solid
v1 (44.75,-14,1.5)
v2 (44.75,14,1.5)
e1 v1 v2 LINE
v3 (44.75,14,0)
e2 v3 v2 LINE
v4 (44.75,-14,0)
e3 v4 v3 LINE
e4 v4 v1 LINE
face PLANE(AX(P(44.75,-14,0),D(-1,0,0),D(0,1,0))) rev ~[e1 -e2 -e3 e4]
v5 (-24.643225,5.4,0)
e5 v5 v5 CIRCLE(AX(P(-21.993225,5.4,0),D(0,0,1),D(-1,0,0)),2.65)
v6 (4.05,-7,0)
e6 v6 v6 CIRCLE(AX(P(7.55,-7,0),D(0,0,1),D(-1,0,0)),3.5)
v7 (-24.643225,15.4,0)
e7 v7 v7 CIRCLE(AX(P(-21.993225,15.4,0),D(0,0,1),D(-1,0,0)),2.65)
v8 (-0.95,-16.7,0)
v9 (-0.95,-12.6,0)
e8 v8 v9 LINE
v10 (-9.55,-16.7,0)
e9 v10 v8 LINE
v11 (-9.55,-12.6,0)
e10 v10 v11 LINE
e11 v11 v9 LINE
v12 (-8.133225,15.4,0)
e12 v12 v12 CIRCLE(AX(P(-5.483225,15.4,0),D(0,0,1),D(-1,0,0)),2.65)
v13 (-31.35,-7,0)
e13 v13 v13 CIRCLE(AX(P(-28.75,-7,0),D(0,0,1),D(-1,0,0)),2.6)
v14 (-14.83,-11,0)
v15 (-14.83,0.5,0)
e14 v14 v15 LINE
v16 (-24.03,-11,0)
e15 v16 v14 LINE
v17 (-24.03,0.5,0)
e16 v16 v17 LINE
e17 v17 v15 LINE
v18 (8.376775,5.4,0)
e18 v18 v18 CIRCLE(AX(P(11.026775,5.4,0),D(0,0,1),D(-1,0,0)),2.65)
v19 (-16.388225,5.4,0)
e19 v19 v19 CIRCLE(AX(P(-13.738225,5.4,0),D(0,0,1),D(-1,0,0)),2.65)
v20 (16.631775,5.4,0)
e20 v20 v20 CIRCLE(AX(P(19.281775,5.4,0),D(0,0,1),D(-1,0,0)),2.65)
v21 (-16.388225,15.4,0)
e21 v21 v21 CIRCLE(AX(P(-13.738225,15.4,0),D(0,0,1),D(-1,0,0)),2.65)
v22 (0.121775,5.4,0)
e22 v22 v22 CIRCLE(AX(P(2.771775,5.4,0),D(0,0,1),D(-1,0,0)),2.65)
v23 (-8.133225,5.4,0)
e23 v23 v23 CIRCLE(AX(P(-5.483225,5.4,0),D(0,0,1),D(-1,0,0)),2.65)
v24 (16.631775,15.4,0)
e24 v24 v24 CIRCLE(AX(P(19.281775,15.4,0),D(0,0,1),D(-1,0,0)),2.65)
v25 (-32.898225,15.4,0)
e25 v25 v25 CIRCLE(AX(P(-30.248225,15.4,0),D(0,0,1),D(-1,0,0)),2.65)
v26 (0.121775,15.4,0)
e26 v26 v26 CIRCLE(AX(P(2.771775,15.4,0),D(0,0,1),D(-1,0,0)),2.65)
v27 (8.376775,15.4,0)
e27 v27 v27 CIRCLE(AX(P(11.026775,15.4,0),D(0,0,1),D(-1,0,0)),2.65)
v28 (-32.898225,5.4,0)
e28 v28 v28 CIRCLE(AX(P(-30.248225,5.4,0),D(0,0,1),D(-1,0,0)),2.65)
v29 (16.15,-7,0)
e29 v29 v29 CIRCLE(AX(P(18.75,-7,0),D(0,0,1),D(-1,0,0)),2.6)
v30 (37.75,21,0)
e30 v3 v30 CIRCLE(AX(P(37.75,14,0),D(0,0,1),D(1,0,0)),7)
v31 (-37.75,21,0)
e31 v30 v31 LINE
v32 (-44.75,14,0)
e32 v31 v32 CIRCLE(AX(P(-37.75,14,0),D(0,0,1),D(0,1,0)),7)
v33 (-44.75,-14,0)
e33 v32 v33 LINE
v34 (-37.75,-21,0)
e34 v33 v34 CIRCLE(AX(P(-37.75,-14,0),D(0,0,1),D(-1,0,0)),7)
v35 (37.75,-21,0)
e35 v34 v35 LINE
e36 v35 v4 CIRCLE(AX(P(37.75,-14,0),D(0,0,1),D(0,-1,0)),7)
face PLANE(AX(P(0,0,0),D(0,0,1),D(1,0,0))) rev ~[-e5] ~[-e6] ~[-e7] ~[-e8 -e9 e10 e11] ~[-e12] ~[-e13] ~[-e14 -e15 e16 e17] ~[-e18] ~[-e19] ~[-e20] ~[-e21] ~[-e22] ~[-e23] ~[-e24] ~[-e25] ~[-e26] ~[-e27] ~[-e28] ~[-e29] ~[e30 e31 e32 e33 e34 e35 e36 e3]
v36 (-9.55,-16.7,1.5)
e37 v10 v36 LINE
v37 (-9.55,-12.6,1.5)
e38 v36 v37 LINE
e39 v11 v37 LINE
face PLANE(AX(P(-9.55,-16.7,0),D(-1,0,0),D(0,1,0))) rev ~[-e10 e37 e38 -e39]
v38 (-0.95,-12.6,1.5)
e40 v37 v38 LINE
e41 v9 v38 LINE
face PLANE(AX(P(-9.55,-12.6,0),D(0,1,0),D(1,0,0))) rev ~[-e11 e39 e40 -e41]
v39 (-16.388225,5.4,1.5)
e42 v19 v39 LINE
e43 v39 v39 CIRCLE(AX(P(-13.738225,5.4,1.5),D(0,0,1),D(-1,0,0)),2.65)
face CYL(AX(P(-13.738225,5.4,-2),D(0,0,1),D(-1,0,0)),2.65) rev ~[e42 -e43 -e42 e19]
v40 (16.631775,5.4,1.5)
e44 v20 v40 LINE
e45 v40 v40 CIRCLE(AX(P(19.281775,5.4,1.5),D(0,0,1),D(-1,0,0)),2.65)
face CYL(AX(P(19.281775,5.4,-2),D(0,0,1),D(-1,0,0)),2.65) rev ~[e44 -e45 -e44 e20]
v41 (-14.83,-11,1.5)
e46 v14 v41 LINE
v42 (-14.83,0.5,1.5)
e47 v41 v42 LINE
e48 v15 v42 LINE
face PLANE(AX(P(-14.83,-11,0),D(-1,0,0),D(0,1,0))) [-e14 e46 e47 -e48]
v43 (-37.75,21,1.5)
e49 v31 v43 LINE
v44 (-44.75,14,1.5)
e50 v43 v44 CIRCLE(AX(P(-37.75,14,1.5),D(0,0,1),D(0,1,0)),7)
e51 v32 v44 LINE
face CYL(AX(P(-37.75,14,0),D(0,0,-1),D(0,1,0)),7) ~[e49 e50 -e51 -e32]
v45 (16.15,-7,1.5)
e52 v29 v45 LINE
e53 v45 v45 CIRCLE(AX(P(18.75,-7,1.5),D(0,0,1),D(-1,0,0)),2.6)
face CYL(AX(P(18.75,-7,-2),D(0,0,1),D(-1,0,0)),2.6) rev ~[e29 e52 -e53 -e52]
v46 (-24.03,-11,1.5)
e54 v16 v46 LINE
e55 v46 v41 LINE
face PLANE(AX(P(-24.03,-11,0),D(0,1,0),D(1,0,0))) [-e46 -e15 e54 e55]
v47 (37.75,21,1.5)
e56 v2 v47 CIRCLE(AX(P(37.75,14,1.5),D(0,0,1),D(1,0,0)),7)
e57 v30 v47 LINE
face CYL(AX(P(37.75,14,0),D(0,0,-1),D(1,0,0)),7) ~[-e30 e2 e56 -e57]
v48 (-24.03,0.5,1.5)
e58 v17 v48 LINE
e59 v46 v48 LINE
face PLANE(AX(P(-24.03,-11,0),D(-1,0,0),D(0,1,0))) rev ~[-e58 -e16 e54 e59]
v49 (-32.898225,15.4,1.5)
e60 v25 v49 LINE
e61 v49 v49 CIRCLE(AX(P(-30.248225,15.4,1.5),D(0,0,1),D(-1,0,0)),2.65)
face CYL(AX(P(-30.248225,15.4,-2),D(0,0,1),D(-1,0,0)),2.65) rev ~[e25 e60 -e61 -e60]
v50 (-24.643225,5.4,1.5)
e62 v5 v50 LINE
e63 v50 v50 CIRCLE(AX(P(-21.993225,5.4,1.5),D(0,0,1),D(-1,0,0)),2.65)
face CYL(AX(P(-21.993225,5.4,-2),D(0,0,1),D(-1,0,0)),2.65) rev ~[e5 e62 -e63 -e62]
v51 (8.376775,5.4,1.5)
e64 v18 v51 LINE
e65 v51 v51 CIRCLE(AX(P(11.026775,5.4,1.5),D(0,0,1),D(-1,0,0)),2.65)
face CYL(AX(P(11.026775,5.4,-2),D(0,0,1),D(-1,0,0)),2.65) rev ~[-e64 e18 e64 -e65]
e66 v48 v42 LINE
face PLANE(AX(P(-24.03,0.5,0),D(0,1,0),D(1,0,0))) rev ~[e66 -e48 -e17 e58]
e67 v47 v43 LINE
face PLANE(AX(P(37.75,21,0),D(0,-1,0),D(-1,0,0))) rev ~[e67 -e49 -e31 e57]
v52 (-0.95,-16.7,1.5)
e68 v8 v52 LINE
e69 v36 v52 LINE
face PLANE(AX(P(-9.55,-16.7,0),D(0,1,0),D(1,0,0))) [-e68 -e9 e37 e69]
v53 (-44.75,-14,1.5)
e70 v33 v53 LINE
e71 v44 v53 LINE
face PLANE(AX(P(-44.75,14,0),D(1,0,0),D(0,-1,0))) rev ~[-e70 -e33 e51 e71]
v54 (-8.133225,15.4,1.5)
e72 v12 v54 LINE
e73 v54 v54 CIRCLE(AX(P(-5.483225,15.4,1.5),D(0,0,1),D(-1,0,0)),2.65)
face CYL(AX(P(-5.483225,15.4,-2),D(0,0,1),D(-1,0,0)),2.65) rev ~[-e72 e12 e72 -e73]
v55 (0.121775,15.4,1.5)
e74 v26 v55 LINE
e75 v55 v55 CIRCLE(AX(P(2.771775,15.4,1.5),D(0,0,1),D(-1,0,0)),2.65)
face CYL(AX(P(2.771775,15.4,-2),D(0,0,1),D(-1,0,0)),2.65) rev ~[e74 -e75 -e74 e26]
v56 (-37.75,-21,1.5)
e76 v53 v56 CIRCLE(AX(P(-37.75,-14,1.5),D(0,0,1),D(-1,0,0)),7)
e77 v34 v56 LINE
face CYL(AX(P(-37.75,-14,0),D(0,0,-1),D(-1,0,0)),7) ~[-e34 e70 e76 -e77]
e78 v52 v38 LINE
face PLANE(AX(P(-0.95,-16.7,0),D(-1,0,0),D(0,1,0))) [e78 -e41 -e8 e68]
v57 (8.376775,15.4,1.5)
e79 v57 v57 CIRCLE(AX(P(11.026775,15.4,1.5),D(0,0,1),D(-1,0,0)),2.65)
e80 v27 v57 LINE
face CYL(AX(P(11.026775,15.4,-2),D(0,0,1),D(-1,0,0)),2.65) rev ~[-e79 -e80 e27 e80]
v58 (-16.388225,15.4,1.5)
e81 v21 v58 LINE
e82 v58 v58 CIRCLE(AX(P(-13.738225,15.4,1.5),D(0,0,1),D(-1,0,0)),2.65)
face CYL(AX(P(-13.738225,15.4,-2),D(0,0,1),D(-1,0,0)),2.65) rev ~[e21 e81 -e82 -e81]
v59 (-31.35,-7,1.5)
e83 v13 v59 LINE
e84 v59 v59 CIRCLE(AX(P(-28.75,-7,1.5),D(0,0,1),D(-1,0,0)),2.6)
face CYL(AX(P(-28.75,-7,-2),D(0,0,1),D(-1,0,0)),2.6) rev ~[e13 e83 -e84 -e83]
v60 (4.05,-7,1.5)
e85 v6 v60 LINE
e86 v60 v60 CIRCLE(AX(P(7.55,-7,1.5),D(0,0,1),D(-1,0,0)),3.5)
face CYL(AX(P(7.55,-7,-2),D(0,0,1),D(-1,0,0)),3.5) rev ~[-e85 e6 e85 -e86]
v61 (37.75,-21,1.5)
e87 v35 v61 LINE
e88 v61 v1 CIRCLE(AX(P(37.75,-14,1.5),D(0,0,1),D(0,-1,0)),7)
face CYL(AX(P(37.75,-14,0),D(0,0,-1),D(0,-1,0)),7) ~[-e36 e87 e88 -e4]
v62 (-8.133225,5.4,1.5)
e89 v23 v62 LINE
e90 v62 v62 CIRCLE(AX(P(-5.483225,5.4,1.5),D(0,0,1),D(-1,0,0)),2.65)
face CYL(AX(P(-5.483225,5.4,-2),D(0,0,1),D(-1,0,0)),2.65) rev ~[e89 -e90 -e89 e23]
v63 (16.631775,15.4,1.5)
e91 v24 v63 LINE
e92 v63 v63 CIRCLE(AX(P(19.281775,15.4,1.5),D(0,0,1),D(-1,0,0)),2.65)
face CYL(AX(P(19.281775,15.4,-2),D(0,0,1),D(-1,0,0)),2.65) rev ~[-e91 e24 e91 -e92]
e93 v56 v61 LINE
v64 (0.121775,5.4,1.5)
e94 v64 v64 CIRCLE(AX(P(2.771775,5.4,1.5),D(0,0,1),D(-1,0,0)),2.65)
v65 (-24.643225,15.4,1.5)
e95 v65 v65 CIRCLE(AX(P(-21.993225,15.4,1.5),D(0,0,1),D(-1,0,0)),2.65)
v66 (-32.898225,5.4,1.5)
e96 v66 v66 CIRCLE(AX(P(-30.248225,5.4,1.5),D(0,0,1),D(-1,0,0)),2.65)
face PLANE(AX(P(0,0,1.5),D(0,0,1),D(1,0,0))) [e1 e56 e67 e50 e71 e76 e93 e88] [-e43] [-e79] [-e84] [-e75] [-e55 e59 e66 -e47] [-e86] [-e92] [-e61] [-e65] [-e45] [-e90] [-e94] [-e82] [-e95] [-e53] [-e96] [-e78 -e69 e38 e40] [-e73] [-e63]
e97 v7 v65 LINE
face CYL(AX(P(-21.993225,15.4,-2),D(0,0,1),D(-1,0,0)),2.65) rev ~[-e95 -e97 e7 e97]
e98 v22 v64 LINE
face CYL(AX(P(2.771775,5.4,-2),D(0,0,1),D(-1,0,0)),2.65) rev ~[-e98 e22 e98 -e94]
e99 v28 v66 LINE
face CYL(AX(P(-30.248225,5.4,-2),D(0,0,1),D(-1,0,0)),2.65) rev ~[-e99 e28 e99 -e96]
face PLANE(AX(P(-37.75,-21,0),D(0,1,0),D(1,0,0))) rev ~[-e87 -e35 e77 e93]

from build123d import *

# Parameters (mm, degrees)
F0_W     = 8.6
F0_H     = 4.1
F0_W_2   = 9.2
F0_H_2   = 11.5
F1_DEPTH = 1.5
F2_D     = 5.2
F2_DEPTH = 2
F2_TIP   = 1.5622376095
F3_D     = 7
F3_DEPTH = 2
F3_TIP   = 2.1030121666
F4_D     = 5.3
F4_DEPTH = 2
F4_TIP   = 1.5922806404


with BuildPart() as f1:
    # F0 (on Top) → F1 (new body)
    with BuildSketch(Plane.XY):
        with BuildLine():
            Line((-37.75, -21), (37.75, -21))
            ThreePointArc((37.75, -21), (42.6997474683, -18.9497474683), (44.75, -14))
            Line((44.75, -14), (44.75, 14))
            ThreePointArc((44.75, 14), (42.6997474683, 18.9497474683), (37.75, 21))
            Line((37.75, 21), (-37.75, 21))
            ThreePointArc((-37.75, 21), (-42.6997474683, 18.9497474683), (-44.75, 14))
            Line((-44.75, 14), (-44.75, -14))
            ThreePointArc((-44.75, -14), (-42.6997474683, -18.9497474683), (-37.75, -21))
        make_face()
        with Locations((-5.25, -14.65)):
            Rectangle(F0_W, F0_H, mode=Mode.SUBTRACT)
        with Locations((-19.43, -5.25)):
            Rectangle(F0_W_2, F0_H_2, mode=Mode.SUBTRACT)
    extrude(amount=F1_DEPTH)

    # F2
    with Locations(Plane(origin=(0, 0, 0), x_dir=(1, 0, 0), z_dir=(0, 0, -1))):
        with Locations((18.75, 7), (-28.75, 7)):
            Hole(F2_D / 2, depth=F2_DEPTH)
            with Locations((0, 0, -(F2_DEPTH + F2_TIP / 2))):  # 118° drill point
                Cone(0, F2_D / 2, F2_TIP, mode=Mode.SUBTRACT)

    # F3
    with Locations(Plane(origin=(0, 0, 0), x_dir=(1, 0, 0), z_dir=(0, 0, -1))):
        with Locations((7.55, 7)):
            Hole(F3_D / 2, depth=F3_DEPTH)
            with Locations((0, 0, -(F3_DEPTH + F3_TIP / 2))):  # 118° drill point
                Cone(0, F3_D / 2, F3_TIP, mode=Mode.SUBTRACT)

    # F4
    with Locations(Plane(origin=(0, 0, 0), x_dir=(1, 0, 0), z_dir=(0, 0, -1))):
        with Locations((-30.2482247353, -5.4), (-30.2482247353, -15.4), (-21.9932247353, -15.4), (-21.9932247353, -5.4), (-13.7382247353, -15.4), (-13.7382247353, -5.4), (-5.4832247353, -15.4), (-5.4832247353, -5.4), (2.7717752647, -15.4), (2.7717752647, -5.4), (11.0267752647, -15.4), (11.0267752647, -5.4), (19.2817752647, -15.4), (19.2817752647, -5.4)):
            Hole(F4_D / 2, depth=F4_DEPTH)
            with Locations((0, 0, -(F4_DEPTH + F4_TIP / 2))):  # 118° drill point
                Cone(0, F4_D / 2, F4_TIP, mode=Mode.SUBTRACT)


solid = f1.part
